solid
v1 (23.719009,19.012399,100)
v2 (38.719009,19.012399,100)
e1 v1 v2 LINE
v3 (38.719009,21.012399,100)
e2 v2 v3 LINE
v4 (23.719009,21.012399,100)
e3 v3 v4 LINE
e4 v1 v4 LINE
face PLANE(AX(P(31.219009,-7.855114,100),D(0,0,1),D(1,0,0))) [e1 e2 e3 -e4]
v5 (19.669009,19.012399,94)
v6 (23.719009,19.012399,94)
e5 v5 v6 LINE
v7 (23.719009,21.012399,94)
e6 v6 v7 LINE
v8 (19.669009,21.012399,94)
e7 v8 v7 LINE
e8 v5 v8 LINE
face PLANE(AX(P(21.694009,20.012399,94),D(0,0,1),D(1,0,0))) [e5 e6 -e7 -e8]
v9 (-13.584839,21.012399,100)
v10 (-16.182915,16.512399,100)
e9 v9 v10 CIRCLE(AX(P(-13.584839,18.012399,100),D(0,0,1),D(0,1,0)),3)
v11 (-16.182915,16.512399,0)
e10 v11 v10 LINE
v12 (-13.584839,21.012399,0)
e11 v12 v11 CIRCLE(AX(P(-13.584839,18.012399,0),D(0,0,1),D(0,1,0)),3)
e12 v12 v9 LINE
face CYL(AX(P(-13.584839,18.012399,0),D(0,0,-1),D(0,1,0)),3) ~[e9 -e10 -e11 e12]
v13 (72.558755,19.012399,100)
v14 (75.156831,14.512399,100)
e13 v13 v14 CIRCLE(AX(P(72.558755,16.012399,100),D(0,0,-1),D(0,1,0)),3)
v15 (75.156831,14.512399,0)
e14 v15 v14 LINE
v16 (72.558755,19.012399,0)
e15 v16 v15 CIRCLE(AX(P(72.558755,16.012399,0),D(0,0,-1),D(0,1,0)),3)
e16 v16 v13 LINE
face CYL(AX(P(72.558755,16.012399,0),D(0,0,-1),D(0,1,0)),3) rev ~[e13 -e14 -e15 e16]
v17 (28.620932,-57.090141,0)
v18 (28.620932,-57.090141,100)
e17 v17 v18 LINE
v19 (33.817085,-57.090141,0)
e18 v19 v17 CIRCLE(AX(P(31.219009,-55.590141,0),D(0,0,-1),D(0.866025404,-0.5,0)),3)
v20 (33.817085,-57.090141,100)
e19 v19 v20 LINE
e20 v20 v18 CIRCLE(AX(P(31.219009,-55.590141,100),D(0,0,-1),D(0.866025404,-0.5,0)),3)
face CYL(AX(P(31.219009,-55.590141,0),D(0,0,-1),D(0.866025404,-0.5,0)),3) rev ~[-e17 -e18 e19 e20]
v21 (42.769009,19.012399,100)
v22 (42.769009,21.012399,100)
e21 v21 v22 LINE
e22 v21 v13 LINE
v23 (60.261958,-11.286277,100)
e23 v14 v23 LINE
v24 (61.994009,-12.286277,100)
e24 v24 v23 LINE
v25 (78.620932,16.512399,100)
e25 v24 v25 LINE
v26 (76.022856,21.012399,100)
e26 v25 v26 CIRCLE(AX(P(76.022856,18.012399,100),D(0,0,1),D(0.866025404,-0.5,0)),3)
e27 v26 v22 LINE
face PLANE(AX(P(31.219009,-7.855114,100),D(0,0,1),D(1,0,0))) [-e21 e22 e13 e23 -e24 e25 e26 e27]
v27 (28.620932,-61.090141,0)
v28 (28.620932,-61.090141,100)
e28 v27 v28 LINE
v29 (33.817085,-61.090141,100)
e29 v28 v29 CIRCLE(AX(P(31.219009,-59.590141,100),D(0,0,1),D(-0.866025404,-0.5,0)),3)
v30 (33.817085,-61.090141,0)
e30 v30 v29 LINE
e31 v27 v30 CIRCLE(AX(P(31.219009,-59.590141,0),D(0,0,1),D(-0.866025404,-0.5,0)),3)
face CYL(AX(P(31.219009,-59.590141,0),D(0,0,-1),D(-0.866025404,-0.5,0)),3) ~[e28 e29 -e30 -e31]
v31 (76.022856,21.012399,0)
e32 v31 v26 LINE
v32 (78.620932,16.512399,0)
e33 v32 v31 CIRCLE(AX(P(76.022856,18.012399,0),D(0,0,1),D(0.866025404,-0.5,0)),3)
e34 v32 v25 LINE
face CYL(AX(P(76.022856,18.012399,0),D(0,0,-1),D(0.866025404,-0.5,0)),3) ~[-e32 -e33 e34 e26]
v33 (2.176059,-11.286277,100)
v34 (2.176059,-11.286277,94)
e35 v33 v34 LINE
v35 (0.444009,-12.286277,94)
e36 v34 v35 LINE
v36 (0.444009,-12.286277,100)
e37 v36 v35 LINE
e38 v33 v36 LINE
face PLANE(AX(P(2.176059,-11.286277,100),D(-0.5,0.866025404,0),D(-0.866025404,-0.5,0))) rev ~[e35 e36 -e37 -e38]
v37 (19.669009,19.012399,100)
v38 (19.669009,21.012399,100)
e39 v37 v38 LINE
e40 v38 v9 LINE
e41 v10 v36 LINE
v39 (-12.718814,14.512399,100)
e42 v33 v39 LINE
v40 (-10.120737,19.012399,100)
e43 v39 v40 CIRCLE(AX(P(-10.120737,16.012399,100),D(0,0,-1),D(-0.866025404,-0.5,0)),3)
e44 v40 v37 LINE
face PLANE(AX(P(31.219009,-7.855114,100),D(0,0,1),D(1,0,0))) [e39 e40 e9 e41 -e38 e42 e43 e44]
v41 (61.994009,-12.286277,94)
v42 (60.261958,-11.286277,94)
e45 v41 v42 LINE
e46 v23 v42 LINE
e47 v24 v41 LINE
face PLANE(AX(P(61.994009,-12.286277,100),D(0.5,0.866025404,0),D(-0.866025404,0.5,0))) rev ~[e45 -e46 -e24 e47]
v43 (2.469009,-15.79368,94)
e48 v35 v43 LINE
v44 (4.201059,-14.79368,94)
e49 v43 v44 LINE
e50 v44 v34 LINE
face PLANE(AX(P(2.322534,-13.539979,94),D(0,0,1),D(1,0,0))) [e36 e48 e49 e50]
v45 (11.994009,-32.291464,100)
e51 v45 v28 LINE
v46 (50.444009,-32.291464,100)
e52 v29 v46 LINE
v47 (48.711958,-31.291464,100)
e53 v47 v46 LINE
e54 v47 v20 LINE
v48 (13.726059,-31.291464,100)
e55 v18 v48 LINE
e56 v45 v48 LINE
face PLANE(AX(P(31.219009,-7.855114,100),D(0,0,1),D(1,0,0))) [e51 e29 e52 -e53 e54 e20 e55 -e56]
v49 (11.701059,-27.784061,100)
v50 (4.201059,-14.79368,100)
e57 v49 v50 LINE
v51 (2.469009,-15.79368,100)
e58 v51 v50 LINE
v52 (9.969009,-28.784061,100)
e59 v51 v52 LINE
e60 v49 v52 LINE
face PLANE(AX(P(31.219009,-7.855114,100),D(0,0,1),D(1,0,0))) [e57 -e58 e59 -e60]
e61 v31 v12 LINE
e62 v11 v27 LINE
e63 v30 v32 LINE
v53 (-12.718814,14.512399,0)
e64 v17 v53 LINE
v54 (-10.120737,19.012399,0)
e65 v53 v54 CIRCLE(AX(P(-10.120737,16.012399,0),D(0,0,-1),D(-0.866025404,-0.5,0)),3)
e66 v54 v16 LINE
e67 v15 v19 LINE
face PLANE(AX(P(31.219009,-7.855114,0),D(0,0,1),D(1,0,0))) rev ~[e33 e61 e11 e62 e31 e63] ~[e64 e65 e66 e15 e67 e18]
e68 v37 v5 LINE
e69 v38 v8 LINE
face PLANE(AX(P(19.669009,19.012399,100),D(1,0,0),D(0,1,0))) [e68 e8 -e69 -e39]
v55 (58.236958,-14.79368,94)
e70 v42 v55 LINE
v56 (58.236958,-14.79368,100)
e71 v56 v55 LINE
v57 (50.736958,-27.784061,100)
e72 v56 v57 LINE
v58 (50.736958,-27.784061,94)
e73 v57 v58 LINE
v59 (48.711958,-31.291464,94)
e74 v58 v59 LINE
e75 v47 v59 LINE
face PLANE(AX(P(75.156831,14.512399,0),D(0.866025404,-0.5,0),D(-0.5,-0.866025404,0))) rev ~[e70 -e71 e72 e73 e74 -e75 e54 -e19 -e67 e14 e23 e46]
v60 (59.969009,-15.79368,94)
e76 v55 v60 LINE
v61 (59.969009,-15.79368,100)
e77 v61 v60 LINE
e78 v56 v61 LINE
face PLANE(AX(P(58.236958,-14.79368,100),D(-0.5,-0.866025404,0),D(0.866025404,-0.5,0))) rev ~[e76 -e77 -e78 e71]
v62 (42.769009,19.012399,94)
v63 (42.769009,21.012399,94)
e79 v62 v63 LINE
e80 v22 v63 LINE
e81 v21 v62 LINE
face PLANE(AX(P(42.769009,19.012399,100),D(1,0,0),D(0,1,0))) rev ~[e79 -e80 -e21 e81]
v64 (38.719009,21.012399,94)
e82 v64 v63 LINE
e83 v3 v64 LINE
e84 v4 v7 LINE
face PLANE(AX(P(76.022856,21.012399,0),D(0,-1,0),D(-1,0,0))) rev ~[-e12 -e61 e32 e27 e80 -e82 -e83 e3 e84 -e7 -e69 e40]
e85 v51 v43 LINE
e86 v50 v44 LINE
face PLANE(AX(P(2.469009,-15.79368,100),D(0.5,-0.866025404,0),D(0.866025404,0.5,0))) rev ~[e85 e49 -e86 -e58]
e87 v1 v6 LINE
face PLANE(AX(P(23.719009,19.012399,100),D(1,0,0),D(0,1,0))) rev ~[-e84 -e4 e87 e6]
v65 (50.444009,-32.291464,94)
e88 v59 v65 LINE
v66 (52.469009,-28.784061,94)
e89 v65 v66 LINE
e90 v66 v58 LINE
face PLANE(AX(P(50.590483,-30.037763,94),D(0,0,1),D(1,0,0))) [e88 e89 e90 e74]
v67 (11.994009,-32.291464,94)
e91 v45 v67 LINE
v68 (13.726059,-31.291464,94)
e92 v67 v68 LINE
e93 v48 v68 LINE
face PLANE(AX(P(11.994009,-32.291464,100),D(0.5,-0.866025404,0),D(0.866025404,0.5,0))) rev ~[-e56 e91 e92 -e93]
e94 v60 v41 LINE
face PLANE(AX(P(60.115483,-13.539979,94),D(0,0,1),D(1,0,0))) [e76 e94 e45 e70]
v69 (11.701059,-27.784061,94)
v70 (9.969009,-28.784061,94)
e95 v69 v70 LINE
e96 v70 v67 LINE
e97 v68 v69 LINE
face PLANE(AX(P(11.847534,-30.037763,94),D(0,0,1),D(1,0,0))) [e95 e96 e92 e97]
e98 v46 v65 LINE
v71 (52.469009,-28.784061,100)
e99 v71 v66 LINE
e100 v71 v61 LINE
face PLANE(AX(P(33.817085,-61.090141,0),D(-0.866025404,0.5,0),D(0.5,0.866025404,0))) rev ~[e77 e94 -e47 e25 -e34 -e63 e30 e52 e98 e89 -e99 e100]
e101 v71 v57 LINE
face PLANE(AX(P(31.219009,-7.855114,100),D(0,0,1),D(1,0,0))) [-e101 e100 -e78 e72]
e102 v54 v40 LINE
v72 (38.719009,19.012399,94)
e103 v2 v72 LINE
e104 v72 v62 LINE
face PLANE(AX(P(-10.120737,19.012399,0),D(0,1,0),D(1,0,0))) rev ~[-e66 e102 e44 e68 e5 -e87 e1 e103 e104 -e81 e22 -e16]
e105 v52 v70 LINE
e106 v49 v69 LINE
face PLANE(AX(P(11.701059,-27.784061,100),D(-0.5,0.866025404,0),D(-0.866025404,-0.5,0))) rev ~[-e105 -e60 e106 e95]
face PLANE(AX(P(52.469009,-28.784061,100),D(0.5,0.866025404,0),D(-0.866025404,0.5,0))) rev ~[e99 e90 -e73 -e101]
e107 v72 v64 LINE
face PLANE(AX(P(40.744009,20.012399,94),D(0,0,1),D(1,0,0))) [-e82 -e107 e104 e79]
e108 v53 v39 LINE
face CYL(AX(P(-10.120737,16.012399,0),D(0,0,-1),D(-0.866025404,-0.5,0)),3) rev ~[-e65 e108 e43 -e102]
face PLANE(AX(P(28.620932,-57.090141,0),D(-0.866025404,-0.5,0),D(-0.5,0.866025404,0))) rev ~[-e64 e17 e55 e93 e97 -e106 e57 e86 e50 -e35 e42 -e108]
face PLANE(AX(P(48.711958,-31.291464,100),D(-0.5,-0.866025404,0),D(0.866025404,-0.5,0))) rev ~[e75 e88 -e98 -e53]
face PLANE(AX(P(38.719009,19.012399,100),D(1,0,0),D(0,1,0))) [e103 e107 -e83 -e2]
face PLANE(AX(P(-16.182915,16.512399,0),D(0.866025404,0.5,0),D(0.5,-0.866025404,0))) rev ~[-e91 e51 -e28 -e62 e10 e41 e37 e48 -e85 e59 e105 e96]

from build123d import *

# Parameters (mm, degrees)
F1_DEPTH = 100
F2_W     = 4.05
F2_H     = 2
F3_DEPTH = 6


with BuildPart() as f1:
    # F0 (on Top) → F1 (new body)
    with BuildSketch(Plane.XY):
        with BuildLine():
            Line((76.0228561422, 21.0123993456), (-13.5848390123, 21.0123993456))
            ThreePointArc((-13.5848390123, 21.0123993456), (-16.1829152237, 19.5123993456), (-16.1829152237, 16.5123993456))
            Line((-16.1829152237, 16.5123993456), (28.6209323536, -61.0901410328))
            ThreePointArc((28.6209323536, -61.0901410328), (31.2190085649, -62.5901410328), (33.8170847763, -61.0901410328))
            Line((33.8170847763, -61.0901410328), (78.6209323536, 16.5123993456))
            ThreePointArc((78.6209323536, 16.5123993456), (78.6209323536, 19.5123993456), (76.0228561422, 21.0123993456))
        make_face()
        with BuildLine():
            ThreePointArc((-12.7188136086, 14.5123993456), (-12.7188136086, 17.5123993456), (-10.1207373972, 19.0123993456))
            Line((-10.1207373972, 19.0123993456), (72.5587545271, 19.0123993456))
            ThreePointArc((72.5587545271, 19.0123993456), (75.1568307385, 17.5123993456), (75.1568307385, 14.5123993456))
            Line((75.1568307385, 14.5123993456), (33.8170847763, -57.0901410328))
            ThreePointArc((33.8170847763, -57.0901410328), (31.2190085649, -58.5901410328), (28.6209323536, -57.0901410328))
            Line((28.6209323536, -57.0901410328), (-12.7188136086, 14.5123993456))
        make_face(mode=Mode.SUBTRACT)
    extrude(amount=F1_DEPTH)

    # F2 (on face) → F3 (cut)
    with BuildSketch(Plane.XY.offset(100)):
        with Locations((21.6940085649, 20.0123993456)):
            Rectangle(F2_W, F2_H)
        with Locations((40.7440085649, 20.0123993456)):
            Rectangle(F2_W, F2_H)
        Polygon((2.1760593725, -11.2862774299), (0.4440085649, -12.2862774299), (2.4690085649, -15.7936803152), (4.2010593725, -14.7936803152), align=None)
        Polygon((11.7010593725, -27.784061372), (9.9690085649, -28.784061372), (11.9940085649, -32.2914642573), (13.7260593725, -31.2914642573), align=None)
        Polygon((61.9940085649, -12.2862774299), (60.2619577574, -11.2862774299), (58.2369577574, -14.7936803152), (59.9690085649, -15.7936803152), align=None)
        Polygon((52.4690085649, -28.784061372), (50.7369577574, -27.784061372), (48.7119577574, -31.2914642573), (50.4440085649, -32.2914642573), align=None)
    extrude(amount=-F3_DEPTH, mode=Mode.SUBTRACT)


solid = f1.part
